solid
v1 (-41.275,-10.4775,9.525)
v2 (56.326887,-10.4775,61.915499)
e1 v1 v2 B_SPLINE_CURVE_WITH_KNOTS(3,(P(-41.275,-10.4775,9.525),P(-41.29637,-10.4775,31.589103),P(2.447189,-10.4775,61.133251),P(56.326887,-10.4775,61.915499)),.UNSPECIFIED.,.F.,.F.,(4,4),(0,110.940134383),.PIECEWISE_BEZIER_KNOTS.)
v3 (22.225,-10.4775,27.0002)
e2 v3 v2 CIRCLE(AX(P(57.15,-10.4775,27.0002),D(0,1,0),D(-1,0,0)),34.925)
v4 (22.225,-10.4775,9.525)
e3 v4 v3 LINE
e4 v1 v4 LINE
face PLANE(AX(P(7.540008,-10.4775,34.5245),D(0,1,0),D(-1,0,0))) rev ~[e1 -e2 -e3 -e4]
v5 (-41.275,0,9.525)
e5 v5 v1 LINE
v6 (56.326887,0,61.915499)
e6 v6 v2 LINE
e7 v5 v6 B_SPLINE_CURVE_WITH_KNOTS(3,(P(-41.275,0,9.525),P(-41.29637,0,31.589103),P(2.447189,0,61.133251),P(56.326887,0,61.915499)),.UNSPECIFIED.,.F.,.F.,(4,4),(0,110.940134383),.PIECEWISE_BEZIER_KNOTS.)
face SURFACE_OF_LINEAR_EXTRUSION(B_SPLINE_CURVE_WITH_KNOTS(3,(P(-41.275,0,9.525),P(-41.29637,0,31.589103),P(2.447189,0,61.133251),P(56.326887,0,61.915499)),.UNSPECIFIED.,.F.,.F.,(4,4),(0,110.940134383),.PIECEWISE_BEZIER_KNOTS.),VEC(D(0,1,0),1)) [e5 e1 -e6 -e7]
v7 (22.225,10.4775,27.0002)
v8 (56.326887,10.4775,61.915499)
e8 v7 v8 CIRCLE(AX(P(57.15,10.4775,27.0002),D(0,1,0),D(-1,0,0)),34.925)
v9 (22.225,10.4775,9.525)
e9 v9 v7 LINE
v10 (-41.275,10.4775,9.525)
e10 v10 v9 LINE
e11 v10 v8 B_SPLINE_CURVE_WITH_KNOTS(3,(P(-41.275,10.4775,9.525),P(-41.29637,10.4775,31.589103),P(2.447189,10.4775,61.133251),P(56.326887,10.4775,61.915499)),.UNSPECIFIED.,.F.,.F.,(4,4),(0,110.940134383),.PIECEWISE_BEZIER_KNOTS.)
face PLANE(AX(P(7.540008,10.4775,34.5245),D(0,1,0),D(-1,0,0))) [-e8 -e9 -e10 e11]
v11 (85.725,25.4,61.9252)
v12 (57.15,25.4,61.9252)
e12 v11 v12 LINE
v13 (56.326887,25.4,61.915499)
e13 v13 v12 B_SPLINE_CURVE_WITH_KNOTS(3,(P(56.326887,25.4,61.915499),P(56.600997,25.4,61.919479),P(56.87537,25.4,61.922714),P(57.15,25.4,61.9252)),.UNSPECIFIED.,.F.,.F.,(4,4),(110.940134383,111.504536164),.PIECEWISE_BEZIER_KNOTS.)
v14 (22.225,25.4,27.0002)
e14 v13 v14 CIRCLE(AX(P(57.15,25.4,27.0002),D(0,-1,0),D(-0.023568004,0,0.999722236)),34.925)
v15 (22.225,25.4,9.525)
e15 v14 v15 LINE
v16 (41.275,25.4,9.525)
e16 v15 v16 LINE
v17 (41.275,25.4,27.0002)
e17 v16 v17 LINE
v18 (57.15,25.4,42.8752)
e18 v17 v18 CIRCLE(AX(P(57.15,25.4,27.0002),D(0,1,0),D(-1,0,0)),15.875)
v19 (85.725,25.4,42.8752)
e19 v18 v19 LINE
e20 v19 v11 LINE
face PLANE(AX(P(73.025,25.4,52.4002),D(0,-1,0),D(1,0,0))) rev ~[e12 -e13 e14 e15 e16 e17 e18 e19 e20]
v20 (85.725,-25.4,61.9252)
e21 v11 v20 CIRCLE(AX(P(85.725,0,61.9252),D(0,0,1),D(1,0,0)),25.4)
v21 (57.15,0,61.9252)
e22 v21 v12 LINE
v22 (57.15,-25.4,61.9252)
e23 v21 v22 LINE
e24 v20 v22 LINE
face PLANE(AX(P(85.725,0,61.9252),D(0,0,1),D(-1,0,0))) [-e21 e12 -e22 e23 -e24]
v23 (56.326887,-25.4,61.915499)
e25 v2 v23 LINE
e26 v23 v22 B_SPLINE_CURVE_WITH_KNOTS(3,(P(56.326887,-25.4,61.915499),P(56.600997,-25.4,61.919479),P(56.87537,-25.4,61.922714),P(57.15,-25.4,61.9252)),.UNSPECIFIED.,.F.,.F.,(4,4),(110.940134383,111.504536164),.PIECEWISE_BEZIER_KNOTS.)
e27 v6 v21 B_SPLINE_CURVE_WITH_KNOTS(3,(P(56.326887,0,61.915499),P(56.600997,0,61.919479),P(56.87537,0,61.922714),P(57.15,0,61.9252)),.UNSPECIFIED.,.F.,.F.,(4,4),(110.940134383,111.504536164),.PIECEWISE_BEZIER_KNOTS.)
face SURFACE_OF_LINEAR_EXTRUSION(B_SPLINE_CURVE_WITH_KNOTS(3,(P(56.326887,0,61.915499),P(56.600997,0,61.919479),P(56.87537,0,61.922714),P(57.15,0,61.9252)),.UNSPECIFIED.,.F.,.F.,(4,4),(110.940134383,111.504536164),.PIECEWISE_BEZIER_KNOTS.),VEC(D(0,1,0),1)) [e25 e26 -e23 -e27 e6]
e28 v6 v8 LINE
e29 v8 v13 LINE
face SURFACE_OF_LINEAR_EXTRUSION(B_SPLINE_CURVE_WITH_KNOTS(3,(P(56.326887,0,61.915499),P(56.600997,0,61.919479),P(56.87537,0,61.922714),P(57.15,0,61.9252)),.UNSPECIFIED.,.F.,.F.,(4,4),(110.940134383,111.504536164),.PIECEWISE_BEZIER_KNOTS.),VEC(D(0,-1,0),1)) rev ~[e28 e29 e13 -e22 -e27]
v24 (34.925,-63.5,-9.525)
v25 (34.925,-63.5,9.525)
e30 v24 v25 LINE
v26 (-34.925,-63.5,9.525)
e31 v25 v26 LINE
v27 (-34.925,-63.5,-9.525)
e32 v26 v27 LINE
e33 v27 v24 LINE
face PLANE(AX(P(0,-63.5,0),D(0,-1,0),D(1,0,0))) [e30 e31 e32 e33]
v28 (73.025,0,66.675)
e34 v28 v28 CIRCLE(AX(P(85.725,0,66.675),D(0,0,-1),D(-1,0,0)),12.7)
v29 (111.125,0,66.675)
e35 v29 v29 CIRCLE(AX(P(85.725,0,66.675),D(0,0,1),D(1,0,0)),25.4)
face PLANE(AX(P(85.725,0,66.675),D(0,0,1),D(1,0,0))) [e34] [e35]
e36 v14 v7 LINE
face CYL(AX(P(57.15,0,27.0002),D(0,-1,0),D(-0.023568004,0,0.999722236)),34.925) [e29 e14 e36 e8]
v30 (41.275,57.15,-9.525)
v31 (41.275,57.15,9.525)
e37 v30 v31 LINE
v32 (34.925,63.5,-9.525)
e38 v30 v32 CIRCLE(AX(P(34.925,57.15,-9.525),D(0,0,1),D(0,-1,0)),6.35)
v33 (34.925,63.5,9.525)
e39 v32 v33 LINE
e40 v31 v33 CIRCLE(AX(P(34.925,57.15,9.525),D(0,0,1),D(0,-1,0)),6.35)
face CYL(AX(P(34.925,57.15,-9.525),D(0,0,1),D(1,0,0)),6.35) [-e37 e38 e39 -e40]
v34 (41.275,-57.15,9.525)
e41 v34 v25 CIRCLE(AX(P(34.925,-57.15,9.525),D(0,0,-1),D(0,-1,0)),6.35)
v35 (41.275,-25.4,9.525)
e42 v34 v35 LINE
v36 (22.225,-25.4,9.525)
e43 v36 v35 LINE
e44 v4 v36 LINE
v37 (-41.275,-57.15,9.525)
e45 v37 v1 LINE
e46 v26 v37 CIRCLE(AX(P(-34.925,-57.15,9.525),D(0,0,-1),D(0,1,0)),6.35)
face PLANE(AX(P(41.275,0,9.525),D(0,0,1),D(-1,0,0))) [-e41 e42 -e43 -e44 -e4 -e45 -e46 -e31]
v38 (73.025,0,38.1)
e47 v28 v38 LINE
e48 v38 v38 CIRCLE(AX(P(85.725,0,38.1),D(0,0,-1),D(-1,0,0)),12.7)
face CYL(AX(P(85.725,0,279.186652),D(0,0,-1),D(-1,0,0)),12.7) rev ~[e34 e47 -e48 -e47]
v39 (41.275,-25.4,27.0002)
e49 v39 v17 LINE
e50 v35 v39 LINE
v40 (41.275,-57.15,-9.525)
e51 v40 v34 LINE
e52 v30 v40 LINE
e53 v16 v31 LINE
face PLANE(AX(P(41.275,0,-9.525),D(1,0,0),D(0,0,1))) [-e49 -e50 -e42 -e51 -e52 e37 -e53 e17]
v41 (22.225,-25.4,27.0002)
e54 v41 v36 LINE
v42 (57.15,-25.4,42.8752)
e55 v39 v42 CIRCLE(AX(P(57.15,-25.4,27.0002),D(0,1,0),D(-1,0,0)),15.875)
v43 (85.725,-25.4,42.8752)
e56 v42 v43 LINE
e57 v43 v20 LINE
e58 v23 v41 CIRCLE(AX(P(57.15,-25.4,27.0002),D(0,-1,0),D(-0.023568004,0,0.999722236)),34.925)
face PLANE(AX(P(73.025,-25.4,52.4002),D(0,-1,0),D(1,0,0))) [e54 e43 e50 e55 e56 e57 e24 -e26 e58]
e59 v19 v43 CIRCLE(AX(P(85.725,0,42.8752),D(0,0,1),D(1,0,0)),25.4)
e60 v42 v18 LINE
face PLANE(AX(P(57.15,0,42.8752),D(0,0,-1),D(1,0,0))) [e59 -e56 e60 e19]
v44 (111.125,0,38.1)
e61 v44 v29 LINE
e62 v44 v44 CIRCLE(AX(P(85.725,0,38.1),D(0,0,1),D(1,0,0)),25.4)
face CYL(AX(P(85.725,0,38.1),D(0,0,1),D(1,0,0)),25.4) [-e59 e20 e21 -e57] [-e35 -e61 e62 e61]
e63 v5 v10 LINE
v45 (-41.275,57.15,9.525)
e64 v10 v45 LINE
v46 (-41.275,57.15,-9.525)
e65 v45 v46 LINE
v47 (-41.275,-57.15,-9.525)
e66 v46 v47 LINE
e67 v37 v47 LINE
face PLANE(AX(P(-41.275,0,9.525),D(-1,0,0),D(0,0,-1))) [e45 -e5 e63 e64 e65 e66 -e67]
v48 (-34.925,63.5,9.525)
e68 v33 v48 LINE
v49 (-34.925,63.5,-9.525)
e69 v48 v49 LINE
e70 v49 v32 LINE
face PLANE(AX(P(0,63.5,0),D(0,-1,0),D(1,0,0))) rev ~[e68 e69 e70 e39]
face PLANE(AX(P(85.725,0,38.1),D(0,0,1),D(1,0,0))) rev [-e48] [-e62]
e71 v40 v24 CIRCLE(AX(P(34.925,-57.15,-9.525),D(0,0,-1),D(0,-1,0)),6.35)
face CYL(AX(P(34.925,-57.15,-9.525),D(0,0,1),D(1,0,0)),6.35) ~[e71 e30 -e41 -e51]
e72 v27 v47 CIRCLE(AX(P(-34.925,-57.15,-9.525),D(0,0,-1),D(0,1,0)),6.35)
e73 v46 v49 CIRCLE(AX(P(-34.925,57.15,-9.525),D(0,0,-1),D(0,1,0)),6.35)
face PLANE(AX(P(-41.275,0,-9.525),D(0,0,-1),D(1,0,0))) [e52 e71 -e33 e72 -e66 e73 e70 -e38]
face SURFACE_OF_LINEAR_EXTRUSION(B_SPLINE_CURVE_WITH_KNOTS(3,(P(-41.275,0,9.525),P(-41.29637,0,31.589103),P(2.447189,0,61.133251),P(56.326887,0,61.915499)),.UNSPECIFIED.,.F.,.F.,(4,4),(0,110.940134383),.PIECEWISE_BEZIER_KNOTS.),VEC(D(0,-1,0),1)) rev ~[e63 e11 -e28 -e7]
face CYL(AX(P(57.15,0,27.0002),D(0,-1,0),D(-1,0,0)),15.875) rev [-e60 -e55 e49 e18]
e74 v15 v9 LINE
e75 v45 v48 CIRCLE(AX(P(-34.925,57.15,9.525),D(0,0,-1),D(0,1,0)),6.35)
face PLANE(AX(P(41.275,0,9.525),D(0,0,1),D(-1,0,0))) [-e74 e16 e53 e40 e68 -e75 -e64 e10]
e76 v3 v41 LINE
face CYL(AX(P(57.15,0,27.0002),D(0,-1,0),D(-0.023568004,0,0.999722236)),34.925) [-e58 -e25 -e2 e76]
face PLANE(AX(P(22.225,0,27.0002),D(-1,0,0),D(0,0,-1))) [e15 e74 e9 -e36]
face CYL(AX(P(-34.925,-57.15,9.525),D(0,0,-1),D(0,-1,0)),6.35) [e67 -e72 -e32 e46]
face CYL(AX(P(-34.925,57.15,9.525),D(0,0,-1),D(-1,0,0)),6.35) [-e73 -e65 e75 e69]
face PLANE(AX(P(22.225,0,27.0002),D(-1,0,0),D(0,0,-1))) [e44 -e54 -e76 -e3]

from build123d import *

# Parameters (mm, degrees)
F1_DEPTH = 63.5
F0_W     = 25.4
F0_H     = 19.05
F2_DEPTH = 25.4
F3_DEPTH = 10.4775
F5_R     = 6.35
F7_D     = 25.4


with BuildPart() as f1:
    # F0 (on Front) → F1 (new body, symmetric)
    with BuildSketch(Plane.XZ):
        Polygon((-41.275, 9.525), (-41.275, -9.525), (41.275, -9.525), (41.275, 9.525), (22.225, 9.525), align=None)
    extrude(amount=F1_DEPTH, both=True)

    # F0 (on Front) → F2 (join, symmetric)
    with BuildSketch(Plane.XZ):
        with Locations((73.025, 52.4002)):
            Rectangle(F0_W, F0_H)
        with BuildLine():
            Line((22.225, 9.525), (41.275, 9.525))
            Line((41.275, 9.525), (41.275, 27.0002))
            ThreePointArc((41.275, 27.0002), (45.9246798487, 38.2255201513), (57.15, 42.8752))
            Line((57.15, 42.8752), (60.325, 42.8752))
            Line((60.325, 42.8752), (60.325, 61.9252))
            Line((60.325, 61.9252), (57.15, 61.9252))
            add(Edge.make_bspline(
                [(56.3268874615, 61.9154990929), (56.6009974392, 61.9194787375), (56.8753697614, 61.9227139639), (57.15, 61.9252)],
                knots=[110.9401343826, 110.9401343826, 110.9401343826, 110.9401343826, 111.5045361635, 111.5045361635, 111.5045361635, 111.5045361635], degree=3))
            ThreePointArc((56.3268874615, 61.9154990929), (32.1649761817, 51.4031549399), (22.225, 27.0002))
            Line((22.225, 27.0002), (22.225, 9.525))
        make_face()
    extrude(amount=F2_DEPTH, both=True)

    # F0 (on Front) → F3 (join, symmetric)
    with BuildSketch(Plane.XZ):
        with BuildLine():
            add(Edge.make_bspline(
                [(-41.275, 9.525), (-41.296369644, 31.5891025492), (2.4471890111, 61.1332508534), (56.3268874615, 61.9154990929)],
                knots=[0, 0, 0, 0, 110.9401343826, 110.9401343826, 110.9401343826, 110.9401343826], degree=3))
            Line((-41.275, 9.525), (22.225, 9.525))
            Line((22.225, 9.525), (22.225, 27.0002))
            ThreePointArc((22.225, 27.0002), (32.1649761817, 51.4031549399), (56.3268874615, 61.9154990929))
        make_face()
    extrude(amount=F3_DEPTH, both=True)

    # F0 (on Front) → F4 (revolve)
    with BuildSketch(Plane.XZ):
        Polygon((85.725, 66.675), (85.725, 61.9252), (85.725, 42.8752), (85.725, 38.1), (111.125, 38.1), (111.125, 66.675), align=None)
    revolve(axis=Axis((85.725, 0, 52.3875), (0, 0, 1)))

    # F5
    f5_edges = [f1.edges().sort_by_distance(p)[0] for p in [
        (-41.275, -63.5, 0),
        (41.275, -63.5, 0),
        (41.275, 63.5, 0),
        (-41.275, 63.5, 0),
    ]]
    fillet(f5_edges, radius=F5_R)

    # F7 (through all)
    with Locations(Plane.XY.offset(66.675)):
        with Locations((85.725, 0)):
            Hole(F7_D / 2)


solid = f1.part
